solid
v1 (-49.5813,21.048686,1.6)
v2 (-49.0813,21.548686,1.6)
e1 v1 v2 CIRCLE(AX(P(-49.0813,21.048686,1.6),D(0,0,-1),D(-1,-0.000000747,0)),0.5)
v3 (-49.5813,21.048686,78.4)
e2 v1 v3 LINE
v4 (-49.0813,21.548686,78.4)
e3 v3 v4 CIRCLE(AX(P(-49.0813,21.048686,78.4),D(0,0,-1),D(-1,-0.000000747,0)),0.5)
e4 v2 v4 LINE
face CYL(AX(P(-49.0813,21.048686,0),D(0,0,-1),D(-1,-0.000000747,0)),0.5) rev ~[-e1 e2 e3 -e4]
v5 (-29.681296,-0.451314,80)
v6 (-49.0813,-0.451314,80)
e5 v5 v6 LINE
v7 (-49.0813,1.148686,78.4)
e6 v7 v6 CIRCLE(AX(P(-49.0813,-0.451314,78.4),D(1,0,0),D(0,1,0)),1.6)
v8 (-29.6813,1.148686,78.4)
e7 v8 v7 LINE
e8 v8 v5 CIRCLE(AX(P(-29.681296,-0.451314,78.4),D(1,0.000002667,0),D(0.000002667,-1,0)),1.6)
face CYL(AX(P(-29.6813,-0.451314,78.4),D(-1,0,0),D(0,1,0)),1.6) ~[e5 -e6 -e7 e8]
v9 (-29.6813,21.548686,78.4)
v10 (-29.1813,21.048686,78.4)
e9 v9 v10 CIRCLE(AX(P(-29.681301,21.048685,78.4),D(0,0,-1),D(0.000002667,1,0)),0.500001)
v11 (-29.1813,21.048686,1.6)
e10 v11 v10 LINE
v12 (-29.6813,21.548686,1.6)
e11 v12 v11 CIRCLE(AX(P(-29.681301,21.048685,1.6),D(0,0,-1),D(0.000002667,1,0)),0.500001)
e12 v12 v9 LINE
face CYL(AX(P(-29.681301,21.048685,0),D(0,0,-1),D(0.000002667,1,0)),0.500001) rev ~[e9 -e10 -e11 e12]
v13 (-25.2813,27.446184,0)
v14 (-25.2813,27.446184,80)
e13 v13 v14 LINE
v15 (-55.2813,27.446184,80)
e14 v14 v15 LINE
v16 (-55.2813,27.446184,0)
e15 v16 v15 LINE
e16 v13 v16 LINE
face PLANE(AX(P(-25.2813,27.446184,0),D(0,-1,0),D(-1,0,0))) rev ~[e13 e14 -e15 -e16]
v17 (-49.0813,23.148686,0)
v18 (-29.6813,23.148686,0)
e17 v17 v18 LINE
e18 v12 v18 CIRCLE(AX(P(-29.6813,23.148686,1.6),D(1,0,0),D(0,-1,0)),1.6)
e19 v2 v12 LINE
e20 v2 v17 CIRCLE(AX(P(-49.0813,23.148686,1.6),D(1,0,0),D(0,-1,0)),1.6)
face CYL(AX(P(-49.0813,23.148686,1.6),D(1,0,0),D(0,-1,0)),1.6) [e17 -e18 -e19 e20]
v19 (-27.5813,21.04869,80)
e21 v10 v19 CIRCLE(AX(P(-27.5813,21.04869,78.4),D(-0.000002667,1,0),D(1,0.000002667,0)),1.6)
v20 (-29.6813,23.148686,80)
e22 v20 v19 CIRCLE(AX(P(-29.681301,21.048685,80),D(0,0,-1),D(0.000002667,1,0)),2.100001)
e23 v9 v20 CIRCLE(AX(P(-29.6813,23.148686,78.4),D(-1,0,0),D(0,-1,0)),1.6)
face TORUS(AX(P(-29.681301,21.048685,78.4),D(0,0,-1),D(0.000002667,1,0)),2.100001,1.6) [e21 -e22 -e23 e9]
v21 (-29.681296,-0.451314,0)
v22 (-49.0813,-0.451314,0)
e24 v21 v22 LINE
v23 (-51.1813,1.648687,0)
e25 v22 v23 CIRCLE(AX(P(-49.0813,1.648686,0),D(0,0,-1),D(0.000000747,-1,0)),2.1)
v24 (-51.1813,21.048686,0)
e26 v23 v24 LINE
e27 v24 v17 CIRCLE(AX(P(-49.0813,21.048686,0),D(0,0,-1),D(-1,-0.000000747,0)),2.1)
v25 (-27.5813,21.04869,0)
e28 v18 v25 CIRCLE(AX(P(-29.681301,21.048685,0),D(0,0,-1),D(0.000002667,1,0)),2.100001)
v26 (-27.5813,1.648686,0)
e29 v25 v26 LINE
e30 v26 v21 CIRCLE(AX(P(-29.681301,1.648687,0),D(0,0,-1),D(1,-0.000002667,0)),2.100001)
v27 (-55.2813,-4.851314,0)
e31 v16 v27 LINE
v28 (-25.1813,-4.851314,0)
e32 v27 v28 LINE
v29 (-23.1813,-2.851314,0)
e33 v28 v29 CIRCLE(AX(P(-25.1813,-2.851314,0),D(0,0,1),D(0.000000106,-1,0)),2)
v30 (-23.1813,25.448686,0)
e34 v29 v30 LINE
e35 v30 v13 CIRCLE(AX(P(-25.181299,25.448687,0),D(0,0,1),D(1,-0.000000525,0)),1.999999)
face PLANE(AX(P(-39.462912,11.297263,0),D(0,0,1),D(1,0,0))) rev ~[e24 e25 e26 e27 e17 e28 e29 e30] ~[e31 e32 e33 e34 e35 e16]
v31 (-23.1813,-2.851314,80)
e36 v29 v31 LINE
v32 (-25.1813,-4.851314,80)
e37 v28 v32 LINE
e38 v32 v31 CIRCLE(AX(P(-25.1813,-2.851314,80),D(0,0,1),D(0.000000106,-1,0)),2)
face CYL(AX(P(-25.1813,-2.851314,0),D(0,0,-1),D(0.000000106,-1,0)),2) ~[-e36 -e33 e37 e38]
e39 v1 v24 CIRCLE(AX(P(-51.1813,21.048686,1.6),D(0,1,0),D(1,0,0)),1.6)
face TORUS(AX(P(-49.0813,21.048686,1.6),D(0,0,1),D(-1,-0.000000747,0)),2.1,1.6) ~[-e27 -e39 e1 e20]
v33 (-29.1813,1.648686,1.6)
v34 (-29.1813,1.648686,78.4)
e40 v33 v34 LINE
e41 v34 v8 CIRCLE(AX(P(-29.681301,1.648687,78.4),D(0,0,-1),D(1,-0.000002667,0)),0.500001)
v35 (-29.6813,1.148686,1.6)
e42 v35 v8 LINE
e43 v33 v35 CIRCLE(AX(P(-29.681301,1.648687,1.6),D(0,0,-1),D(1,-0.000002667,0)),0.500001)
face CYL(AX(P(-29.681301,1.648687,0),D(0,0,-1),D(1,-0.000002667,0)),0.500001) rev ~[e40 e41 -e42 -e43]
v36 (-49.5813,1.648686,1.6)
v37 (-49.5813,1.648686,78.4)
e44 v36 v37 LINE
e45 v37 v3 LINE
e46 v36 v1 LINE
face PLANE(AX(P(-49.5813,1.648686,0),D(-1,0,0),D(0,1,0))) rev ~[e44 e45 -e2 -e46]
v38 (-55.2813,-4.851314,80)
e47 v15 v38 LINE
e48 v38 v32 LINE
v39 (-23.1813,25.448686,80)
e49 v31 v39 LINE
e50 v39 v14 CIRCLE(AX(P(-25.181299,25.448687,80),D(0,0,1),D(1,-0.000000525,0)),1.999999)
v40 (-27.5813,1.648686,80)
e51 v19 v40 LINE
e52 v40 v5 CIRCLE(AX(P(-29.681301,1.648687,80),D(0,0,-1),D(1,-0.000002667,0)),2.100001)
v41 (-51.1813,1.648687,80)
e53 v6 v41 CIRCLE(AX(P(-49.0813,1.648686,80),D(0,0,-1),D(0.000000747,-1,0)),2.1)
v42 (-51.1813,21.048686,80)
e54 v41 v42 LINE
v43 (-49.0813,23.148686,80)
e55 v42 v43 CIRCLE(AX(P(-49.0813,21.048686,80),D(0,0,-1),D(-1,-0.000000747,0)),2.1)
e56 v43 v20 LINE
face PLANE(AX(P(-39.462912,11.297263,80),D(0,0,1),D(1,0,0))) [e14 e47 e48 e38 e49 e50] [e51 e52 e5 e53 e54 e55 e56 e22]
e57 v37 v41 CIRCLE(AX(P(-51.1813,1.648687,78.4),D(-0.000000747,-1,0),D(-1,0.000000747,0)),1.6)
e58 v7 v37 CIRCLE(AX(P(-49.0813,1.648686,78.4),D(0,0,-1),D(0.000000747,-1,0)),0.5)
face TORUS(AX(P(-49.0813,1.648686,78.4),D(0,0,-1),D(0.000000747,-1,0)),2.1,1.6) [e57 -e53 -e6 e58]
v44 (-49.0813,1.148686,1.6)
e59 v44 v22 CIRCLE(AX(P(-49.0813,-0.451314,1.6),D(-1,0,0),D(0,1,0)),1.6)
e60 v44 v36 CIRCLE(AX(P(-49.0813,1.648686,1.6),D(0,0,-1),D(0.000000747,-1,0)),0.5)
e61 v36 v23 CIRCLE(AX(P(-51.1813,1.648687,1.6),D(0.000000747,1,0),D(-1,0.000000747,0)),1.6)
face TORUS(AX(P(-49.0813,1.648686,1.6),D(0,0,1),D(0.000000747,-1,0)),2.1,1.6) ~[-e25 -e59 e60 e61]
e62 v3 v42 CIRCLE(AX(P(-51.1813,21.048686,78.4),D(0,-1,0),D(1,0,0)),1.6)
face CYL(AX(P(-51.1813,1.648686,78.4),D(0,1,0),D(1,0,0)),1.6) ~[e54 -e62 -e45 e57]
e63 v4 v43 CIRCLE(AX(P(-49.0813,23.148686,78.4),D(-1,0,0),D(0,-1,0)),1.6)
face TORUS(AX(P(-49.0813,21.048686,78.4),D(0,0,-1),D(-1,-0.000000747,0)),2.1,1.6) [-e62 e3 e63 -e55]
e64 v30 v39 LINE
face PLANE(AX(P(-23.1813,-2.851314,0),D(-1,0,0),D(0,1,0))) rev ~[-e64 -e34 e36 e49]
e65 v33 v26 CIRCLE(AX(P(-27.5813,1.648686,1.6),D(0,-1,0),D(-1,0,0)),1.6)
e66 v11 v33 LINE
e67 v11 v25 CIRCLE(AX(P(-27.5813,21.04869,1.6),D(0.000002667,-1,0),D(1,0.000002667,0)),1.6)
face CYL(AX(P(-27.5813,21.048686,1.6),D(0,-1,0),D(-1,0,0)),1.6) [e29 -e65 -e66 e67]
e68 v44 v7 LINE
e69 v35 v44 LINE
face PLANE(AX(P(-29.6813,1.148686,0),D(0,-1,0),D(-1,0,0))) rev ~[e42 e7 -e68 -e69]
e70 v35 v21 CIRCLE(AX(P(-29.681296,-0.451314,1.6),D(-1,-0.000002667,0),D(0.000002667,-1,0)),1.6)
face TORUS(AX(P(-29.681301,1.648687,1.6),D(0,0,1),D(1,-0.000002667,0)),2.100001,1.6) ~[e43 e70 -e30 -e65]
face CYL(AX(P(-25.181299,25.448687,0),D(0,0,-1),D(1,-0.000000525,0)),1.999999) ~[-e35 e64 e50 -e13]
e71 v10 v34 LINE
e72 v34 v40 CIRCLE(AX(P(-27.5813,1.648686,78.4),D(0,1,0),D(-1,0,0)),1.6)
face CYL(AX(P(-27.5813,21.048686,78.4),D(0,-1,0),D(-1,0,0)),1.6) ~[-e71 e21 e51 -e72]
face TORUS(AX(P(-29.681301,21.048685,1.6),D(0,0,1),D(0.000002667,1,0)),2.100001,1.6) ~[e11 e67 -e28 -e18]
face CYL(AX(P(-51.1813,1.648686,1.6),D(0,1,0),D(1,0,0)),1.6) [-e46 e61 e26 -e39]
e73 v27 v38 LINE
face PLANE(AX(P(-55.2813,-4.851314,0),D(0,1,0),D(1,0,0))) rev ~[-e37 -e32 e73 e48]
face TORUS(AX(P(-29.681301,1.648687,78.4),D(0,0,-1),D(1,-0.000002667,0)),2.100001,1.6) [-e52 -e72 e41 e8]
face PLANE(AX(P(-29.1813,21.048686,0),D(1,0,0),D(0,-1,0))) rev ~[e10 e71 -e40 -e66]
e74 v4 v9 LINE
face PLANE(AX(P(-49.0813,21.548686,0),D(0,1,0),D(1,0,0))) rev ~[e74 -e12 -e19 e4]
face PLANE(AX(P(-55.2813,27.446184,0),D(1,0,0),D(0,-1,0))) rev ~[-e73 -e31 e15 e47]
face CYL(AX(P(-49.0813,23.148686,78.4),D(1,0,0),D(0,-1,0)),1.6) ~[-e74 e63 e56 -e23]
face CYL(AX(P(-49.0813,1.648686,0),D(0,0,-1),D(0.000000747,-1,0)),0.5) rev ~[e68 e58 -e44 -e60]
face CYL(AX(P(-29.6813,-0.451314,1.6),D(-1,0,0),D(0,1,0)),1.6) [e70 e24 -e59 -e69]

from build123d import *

# Parameters (mm, degrees)
F1_DEPTH = 80
F2_R     = 1.6


with BuildPart() as f1:
    # F0 (on Top) → F1 (new body)
    with BuildSketch(Plane.XY):
        with BuildLine():
            Line((-23.1813, -2.851314), (-23.1813, 25.448686))
            ThreePointArc((-23.1813, 25.448686), (-23.802895, 26.897824), (-25.2813, 27.446184))
            Line((-25.2813, 27.446184), (-55.2813, 27.446184))
            Line((-55.2813, 27.446184), (-55.2813, -4.851314))
            Line((-55.2813, -4.851314), (-25.1813, -4.851314))
            ThreePointArc((-25.1813, -4.851314), (-23.767087, -4.265528), (-23.1813, -2.851314))
        make_face()
        with BuildLine():
            ThreePointArc((-49.5813, 21.048686), (-49.434854, 21.402239), (-49.0813, 21.548686))
            Line((-49.0813, 21.548686), (-29.6813, 21.548686))
            ThreePointArc((-29.6813, 21.548686), (-29.327747, 21.402239), (-29.1813, 21.048686))
            Line((-29.1813, 21.048686), (-29.1813, 1.648686))
            ThreePointArc((-29.1813, 1.648686), (-29.327747, 1.295133), (-29.6813, 1.148686))
            Line((-29.6813, 1.148686), (-49.0813, 1.148686))
            ThreePointArc((-49.0813, 1.148686), (-49.434854, 1.295133), (-49.5813, 1.648686))
            Line((-49.5813, 1.648686), (-49.5813, 21.048686))
        make_face(mode=Mode.SUBTRACT)
    extrude(amount=F1_DEPTH)

    # F2
    f2_edges = [f1.edges().sort_by_distance(p)[0] for p in [
        (-39.3813, 21.548686, 0),
        (-39.3813, 21.548686, 80),
    ]]
    fillet(f2_edges, radius=F2_R)


solid = f1.part
